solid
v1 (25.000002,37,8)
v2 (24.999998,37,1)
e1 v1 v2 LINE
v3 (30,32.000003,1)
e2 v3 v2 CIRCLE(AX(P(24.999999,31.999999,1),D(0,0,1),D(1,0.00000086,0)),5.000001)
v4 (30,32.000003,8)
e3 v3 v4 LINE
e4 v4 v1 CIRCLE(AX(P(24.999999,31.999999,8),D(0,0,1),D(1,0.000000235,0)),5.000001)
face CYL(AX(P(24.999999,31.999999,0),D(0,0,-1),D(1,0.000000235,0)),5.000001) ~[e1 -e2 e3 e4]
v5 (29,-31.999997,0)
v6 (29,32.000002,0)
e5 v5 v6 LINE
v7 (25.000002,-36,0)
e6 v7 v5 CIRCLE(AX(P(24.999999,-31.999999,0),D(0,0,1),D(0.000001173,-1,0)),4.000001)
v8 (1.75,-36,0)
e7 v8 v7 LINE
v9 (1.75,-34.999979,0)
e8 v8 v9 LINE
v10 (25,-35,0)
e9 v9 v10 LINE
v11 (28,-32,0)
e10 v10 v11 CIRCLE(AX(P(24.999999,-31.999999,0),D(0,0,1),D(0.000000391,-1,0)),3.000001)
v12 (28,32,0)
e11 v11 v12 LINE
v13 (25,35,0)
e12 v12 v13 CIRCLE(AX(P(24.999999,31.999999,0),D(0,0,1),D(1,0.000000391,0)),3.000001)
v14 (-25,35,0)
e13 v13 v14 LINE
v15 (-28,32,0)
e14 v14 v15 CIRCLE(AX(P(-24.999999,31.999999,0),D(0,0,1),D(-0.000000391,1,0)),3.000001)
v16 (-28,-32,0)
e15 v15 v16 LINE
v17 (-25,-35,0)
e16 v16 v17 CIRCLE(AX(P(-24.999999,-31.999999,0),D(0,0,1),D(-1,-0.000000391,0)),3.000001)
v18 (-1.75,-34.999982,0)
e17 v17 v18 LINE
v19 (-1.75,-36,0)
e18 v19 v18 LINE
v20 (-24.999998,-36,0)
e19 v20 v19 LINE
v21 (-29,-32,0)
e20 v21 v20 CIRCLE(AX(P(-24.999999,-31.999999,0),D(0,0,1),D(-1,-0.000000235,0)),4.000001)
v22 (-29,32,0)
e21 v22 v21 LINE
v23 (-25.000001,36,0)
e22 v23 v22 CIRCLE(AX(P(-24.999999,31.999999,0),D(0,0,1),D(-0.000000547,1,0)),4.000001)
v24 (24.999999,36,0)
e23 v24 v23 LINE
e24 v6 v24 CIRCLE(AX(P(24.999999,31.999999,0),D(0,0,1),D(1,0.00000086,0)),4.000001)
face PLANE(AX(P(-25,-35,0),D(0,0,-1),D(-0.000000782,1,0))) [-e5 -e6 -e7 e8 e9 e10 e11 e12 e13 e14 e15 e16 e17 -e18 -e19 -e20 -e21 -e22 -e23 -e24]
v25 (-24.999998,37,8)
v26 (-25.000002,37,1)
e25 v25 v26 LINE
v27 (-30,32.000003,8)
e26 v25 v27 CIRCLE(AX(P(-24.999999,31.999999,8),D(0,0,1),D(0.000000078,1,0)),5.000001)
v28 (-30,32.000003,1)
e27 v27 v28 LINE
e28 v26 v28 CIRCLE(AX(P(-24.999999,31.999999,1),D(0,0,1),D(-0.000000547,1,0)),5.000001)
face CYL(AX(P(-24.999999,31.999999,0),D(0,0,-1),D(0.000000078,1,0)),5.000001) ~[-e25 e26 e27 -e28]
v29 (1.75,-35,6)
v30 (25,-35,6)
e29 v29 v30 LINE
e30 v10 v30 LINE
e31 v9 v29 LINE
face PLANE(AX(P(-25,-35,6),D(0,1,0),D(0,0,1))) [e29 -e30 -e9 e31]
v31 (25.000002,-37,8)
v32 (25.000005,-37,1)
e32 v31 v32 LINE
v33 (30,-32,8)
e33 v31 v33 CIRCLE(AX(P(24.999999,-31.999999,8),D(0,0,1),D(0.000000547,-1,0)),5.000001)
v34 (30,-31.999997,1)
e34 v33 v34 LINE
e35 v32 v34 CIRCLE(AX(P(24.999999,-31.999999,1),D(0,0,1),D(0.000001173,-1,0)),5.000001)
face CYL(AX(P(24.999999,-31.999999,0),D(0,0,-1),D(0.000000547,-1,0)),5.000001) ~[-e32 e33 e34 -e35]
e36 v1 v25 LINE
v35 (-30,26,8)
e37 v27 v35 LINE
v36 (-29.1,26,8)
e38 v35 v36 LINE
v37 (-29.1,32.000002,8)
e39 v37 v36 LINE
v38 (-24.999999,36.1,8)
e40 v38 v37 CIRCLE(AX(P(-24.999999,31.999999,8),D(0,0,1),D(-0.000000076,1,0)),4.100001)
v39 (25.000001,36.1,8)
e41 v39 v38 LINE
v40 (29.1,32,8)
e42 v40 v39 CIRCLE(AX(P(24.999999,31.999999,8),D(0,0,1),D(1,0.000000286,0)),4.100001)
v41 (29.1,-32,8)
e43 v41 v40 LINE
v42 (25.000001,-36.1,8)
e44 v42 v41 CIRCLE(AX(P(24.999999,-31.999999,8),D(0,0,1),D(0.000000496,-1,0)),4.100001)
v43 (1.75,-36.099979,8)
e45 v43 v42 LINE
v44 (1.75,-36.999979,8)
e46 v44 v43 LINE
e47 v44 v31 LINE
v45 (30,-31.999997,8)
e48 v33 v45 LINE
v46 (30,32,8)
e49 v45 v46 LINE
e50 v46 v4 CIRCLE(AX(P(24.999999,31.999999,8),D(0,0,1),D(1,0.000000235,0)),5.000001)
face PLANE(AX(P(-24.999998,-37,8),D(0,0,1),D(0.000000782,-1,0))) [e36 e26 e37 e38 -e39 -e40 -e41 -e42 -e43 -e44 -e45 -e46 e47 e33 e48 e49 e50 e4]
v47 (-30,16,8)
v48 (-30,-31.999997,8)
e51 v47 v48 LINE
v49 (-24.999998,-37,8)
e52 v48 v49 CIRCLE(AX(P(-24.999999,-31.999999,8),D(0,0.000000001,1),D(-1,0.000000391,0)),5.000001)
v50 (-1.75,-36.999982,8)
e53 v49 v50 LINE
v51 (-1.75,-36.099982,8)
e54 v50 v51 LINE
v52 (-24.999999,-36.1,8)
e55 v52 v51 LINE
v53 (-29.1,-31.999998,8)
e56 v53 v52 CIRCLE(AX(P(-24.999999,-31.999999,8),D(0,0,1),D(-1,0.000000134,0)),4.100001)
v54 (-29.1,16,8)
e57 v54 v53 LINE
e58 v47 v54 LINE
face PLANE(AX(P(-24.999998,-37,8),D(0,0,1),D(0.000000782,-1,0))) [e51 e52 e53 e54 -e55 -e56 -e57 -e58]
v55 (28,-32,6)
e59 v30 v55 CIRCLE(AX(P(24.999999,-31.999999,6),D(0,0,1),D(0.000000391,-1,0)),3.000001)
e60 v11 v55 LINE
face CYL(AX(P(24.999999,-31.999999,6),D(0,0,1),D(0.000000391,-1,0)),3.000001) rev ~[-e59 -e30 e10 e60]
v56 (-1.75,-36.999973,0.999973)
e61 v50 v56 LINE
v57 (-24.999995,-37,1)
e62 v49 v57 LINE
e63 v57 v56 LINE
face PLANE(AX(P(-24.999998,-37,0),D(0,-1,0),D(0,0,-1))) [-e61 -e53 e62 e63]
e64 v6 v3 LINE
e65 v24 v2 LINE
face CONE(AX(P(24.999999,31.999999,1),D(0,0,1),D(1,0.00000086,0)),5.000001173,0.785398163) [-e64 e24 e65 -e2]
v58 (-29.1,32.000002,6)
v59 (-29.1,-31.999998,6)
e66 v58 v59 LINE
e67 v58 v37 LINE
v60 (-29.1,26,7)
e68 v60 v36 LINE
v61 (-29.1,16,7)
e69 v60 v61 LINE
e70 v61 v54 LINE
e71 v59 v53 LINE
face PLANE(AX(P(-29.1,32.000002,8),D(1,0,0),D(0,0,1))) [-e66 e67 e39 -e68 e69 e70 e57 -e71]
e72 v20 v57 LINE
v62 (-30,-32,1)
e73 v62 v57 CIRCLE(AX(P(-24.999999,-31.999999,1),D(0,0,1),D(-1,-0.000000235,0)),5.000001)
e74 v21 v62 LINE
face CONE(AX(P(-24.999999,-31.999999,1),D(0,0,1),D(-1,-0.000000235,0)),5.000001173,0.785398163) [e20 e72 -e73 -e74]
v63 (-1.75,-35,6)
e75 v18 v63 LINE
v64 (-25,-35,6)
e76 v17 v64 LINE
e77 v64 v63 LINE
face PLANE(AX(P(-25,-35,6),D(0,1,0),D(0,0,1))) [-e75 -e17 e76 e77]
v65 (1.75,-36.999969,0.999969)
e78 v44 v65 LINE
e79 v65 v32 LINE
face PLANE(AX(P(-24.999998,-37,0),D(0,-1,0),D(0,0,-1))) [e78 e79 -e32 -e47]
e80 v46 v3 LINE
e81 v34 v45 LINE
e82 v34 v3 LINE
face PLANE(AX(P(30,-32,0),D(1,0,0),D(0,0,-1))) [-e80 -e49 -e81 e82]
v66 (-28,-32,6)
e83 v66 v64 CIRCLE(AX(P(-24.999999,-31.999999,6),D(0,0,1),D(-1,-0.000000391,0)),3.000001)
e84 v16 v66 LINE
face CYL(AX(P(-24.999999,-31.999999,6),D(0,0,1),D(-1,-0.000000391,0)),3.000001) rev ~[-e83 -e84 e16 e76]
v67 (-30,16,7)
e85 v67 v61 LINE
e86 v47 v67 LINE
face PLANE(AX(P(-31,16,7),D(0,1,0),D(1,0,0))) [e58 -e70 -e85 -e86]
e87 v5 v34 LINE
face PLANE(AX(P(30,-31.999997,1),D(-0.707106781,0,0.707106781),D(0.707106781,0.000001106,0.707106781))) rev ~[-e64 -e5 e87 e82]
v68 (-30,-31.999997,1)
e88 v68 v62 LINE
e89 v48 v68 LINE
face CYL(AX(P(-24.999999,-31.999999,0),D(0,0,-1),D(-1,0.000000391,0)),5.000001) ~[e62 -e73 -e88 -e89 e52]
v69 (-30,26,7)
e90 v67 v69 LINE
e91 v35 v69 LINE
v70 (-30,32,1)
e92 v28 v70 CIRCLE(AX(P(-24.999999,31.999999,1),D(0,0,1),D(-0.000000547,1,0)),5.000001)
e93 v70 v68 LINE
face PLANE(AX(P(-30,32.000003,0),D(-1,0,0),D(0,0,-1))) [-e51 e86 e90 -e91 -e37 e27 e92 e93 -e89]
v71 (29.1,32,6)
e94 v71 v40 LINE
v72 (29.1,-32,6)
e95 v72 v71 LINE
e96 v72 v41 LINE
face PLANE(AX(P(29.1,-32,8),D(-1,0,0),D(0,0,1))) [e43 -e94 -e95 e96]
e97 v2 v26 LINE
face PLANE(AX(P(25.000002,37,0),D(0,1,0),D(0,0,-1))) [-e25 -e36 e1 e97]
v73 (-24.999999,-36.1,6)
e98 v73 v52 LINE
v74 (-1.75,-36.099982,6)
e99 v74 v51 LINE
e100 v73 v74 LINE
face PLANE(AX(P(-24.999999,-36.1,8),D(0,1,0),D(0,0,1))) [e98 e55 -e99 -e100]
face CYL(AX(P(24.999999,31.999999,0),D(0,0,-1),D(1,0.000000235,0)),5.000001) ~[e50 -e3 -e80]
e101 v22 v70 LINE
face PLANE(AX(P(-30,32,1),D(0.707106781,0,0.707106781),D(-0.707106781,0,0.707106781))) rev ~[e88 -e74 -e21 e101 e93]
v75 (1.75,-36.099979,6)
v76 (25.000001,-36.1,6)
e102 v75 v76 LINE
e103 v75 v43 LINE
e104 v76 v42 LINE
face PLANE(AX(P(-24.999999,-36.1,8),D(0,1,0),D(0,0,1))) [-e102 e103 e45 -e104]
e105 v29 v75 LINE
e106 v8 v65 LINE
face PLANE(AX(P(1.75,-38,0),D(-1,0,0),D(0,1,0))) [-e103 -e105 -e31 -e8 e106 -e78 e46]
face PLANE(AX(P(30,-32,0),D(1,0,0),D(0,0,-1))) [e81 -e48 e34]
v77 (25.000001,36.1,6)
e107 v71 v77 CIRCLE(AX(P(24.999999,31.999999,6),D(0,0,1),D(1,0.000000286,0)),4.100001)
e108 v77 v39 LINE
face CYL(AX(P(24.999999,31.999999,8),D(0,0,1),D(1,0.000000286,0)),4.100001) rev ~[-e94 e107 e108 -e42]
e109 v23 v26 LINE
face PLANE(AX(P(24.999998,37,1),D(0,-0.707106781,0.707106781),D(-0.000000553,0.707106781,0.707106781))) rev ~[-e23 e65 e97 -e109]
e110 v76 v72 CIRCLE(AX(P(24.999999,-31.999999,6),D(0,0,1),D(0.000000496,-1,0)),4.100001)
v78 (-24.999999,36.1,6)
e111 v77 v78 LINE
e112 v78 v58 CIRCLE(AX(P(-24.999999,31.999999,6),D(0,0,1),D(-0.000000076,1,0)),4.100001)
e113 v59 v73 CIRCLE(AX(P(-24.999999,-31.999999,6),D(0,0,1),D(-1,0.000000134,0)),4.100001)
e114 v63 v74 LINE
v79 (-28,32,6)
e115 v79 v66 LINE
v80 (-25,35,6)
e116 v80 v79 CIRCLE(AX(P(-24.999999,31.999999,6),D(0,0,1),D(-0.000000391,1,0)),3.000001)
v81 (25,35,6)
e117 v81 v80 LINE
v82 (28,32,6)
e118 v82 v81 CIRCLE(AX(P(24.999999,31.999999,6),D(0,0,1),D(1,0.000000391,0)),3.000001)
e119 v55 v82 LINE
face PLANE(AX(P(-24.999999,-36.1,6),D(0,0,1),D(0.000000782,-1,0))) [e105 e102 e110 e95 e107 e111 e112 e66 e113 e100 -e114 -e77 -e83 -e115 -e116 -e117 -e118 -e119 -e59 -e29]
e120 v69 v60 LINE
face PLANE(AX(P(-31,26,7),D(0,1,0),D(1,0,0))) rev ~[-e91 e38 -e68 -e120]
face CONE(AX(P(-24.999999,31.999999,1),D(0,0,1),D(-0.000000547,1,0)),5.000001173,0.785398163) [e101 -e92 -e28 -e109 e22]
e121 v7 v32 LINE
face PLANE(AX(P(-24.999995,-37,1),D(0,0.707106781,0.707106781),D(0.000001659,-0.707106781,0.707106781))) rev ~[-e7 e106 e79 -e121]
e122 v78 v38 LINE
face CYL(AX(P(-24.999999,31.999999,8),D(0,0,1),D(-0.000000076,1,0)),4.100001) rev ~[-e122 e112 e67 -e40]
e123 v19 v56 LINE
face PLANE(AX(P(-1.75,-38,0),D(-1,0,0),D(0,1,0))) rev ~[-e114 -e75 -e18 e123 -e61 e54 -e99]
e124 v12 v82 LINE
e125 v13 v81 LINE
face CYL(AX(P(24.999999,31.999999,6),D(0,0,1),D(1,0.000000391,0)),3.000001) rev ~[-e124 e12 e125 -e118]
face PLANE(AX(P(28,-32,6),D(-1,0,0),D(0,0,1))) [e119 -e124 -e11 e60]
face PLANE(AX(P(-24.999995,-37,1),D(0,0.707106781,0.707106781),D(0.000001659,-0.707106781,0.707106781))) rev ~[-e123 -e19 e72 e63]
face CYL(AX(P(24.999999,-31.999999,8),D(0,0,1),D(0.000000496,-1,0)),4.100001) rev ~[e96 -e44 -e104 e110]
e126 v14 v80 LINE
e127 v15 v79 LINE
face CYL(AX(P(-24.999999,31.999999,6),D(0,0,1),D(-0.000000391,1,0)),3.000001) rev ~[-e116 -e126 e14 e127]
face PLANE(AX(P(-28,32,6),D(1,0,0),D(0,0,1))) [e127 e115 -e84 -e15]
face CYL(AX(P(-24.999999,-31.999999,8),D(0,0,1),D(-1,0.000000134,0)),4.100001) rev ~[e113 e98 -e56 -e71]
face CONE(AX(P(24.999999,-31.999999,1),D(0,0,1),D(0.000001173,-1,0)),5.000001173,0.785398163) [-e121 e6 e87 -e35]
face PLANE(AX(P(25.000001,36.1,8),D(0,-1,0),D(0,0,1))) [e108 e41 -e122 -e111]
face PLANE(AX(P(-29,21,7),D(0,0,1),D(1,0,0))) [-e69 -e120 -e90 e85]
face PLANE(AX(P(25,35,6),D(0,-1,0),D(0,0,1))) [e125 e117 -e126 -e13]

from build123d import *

# Parameters (mm, degrees)
SKETCH048_W      = 3.5
SKETCH048_H      = 4
EXTRUDE045_DEPTH = 8
SKETCH044_W      = 4
SKETCH044_H      = 10
EXTRUDE041_DEPTH = 1


with BuildPart() as extrude045:
    # Sketch048 → Extrude045 (new body)
    with BuildSketch(Plane.XY):
        with Locations((0, -36)):
            Rectangle(SKETCH048_W, SKETCH048_H)
    extrude(amount=EXTRUDE045_DEPTH)


with BuildPart() as bevel004:
    # Sweep002: sweep along a path in Sketch041
    with BuildLine(Plane(origin=(0, 0, -2), x_dir=(1, 0, 0), z_dir=(0, 0, -1))) as sweep002_path:
        Line((-25, 35), (25, 35))
        ThreePointArc((25, 35), (27.12132, 34.12132), (28, 32))
        Line((28, 32), (28, -32))
        ThreePointArc((28, -32), (27.12132, -34.12132), (25, -35))
        Line((25, -35), (-25, -35))
        ThreePointArc((-25, -35), (-27.12132, -34.12132), (-28, -32))
        Line((-28, -32), (-28, 32))
        ThreePointArc((-28, 32), (-27.12132, 34.12132), (-25, 35))
    # Sketch040 → Sweep002 (sweep)
    with BuildSketch(Plane.XZ):
        Polygon((-28, 11), (-30, 9), (-30, 1), (-28, -1), (-28, -2), (-33, -2), (-33, 12), (-28, 12), align=None)
    sweep(path=sweep002_path.line)


with BuildPart() as compound:
    # Sketch044 → Extrude041 (new body)
    with BuildSketch(Plane.XY.offset(7)):
        with Locations((-29, 21)):
            Rectangle(SKETCH044_W, SKETCH044_H)
    extrude(amount=EXTRUDE041_DEPTH)

    # Compound: union bevel004
    add(bevel004.part)


with BuildPart() as cut039:
    # Sweep001: sweep along a path in Sketch038
    with BuildLine(Plane(origin=(0, 0, 0), x_dir=(1, 0, 0), z_dir=(0, 0, -1))) as sweep001_path:
        Line((-25, 35), (25, 35))
        ThreePointArc((25, 35), (27.12132, 34.12132), (28, 32))
        Line((28, 32), (28, -32))
        ThreePointArc((28, -32), (27.12132, -34.12132), (25, -35))
        Line((25, -35), (-25, -35))
        ThreePointArc((-25, -35), (-27.12132, -34.12132), (-28, -32))
        Line((-28, -32), (-28, 32))
        ThreePointArc((-28, 32), (-27.12132, 34.12132), (-25, 35))
    # Sketch037 → Sweep001 (sweep)
    with BuildSketch(Plane(origin=(0, 0, 0), x_dir=(-1, 0, 0), z_dir=(0, 1, 0))):
        Polygon((-30, 8), (-29.1, 8), (-29.1, 6), (-28, 6), (-28, 0), (-30, 0), align=None)
    sweep(path=sweep001_path.line)

    # Cut037: cut Compound
    add(compound.part, mode=Mode.SUBTRACT)

    # Cut039: cut Extrude045
    add(extrude045.part, mode=Mode.SUBTRACT)


solid = cut039.part
